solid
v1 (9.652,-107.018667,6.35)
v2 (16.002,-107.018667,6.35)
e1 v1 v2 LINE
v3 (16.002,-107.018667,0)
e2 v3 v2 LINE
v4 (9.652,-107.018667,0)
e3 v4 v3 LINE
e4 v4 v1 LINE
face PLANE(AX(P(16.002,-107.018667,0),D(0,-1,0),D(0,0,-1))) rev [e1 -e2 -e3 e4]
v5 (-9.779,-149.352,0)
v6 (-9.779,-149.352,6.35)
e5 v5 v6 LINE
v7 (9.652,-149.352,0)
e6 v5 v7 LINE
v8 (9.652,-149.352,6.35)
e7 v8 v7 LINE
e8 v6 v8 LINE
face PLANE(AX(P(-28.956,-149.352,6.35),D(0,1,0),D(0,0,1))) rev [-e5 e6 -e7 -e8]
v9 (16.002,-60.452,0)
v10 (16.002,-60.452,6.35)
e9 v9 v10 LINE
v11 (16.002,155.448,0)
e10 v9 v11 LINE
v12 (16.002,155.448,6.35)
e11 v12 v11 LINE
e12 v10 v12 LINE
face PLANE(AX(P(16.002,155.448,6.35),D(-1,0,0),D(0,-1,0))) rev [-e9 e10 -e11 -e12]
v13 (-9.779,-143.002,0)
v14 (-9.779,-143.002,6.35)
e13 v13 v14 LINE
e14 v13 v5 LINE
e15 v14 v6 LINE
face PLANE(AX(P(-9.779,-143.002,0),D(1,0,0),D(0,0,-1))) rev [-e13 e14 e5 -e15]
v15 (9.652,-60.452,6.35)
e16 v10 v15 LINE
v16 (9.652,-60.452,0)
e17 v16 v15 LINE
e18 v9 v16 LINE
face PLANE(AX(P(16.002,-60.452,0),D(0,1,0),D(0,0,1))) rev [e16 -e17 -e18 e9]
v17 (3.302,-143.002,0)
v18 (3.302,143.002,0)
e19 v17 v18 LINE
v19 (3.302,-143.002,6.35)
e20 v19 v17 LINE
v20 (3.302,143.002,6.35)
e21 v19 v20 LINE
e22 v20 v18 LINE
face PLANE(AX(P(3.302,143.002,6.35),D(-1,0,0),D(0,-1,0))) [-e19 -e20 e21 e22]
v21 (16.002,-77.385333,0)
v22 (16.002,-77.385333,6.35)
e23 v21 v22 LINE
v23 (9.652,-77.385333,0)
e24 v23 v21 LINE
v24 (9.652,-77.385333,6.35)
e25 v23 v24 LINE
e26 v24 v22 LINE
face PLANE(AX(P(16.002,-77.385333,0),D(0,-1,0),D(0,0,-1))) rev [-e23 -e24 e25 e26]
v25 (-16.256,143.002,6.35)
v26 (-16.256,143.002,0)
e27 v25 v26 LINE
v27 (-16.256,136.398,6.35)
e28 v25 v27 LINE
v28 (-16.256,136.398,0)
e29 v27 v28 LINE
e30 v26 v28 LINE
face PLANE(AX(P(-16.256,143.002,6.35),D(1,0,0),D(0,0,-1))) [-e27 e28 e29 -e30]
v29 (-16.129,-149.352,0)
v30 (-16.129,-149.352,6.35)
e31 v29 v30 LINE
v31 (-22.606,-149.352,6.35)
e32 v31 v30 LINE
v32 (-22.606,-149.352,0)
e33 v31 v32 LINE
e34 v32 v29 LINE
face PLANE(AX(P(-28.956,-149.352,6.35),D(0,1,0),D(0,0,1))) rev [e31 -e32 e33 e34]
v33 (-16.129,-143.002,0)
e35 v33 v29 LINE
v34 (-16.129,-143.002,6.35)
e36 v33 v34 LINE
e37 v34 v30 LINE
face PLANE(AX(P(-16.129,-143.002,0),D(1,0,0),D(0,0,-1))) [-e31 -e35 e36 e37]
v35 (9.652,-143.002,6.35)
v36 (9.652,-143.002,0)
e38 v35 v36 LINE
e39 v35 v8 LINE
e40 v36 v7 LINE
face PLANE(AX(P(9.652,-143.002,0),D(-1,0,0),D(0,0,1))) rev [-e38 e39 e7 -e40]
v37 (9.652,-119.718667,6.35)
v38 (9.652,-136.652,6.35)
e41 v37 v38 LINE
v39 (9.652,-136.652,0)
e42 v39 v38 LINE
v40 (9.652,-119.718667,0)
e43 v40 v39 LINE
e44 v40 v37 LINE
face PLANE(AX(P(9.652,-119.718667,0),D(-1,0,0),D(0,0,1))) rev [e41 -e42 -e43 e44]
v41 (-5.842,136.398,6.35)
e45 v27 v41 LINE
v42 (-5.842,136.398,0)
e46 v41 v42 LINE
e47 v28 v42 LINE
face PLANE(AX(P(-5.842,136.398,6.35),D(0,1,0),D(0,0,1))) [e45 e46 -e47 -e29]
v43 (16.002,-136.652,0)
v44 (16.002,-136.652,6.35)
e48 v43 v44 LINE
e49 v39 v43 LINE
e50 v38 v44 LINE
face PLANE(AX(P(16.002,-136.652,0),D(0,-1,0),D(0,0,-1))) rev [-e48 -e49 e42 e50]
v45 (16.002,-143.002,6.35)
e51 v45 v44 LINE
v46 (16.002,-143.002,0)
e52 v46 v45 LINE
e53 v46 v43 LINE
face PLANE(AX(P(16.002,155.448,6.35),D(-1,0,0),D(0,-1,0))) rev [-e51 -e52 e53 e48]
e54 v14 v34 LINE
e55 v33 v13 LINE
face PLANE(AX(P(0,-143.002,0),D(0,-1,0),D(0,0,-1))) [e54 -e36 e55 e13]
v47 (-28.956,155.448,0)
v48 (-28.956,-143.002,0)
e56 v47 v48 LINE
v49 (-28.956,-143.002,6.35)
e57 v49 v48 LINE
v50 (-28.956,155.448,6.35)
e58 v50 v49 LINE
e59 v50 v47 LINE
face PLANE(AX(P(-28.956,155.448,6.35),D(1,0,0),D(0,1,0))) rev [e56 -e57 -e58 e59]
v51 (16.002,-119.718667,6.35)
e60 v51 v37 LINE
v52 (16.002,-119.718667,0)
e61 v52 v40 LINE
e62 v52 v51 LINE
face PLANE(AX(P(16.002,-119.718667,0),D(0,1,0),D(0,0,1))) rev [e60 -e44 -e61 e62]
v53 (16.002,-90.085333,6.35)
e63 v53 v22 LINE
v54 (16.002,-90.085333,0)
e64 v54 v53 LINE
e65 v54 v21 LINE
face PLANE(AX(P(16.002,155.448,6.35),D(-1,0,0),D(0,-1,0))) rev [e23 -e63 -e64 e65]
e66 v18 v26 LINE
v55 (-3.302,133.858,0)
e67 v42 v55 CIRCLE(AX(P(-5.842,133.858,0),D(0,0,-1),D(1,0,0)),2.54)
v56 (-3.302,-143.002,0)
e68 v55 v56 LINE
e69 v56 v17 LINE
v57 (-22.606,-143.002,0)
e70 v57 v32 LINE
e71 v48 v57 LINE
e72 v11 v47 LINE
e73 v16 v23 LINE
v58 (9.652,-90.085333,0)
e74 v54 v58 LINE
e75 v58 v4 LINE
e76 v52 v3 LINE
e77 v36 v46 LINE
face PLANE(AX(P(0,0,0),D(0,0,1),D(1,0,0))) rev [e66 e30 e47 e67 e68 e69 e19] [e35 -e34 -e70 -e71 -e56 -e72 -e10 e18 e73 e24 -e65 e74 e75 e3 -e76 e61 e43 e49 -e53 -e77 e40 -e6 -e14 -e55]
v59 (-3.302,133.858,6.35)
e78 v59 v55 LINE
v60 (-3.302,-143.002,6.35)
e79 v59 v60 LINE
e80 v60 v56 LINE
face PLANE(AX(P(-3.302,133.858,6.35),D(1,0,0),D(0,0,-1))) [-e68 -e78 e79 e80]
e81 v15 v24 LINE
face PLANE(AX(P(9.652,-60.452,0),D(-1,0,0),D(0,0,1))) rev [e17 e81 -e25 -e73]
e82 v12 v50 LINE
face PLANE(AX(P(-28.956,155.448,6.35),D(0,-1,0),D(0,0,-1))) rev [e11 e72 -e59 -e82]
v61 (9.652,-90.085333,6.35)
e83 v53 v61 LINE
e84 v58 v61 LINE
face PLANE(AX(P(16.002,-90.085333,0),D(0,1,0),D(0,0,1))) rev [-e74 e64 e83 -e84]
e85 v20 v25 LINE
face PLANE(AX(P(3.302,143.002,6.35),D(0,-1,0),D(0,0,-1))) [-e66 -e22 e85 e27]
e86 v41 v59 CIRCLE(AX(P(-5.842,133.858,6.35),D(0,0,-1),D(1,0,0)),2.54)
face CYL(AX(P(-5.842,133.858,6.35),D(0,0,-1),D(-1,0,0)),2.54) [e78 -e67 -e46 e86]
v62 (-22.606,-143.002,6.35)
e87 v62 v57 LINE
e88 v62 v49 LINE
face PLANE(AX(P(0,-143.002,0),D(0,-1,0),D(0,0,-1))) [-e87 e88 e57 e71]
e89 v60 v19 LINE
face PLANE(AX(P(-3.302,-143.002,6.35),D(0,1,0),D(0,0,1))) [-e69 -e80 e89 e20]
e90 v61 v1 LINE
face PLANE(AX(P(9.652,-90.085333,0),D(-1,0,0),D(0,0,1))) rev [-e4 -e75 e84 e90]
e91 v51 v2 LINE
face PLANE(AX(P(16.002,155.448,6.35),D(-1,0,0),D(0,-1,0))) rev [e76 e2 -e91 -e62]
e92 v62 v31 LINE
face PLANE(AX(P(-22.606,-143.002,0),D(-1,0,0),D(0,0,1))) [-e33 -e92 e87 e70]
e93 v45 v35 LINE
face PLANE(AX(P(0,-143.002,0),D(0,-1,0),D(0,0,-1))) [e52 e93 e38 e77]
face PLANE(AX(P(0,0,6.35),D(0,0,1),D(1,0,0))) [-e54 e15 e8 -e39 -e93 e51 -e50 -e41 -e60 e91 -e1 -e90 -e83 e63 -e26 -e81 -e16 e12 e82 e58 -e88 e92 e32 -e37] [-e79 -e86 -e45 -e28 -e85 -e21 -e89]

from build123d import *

# Parameters (mm, degrees)
SKETCH1_W           = 44.958
SKETCH1_H           = 304.8
BOSS_EXTRUDE1_DEPTH = 6.35
SKETCH2_W           = 6.35
SKETCH2_H           = 101.6
BOSS_EXTRUDE2_DEPTH = 6.35
SKETCH3_W           = 222.25
SKETCH3_H           = 6.35
BOSS_EXTRUDE3_DEPTH = 38.608
SKETCH7_W           = 327.022738736
SKETCH7_H           = 279.435650021
CUT_EXTRUDE1_DEPTH  = 45.958
SKETCH4_W           = 6.35
SKETCH4_H           = 6.35
SKETCH4_H_2         = 12.7
CUT_EXTRUDE2_DEPTH  = 6.35
SKETCH6_W           = 6.35
SKETCH6_H           = 16.933333333
SKETCH6_H_2         = 16.933333334
CUT_EXTRUDE3_DEPTH  = 7.35


with BuildPart() as part:
    # Sketch1 → Boss-Extrude1 (new body)
    with BuildSketch(Plane.XY):
        with Locations((-6.477, 3.048)):
            Rectangle(SKETCH1_W, SKETCH1_H)
        with BuildLine():
            Line((-3.302, 133.858), (-3.302, -143.002))
            Line((-3.302, -143.002), (3.302, -143.002))
            Line((3.302, -143.002), (3.302, 143.002))
            Line((3.302, 143.002), (-16.256, 143.002))
            Line((-16.256, 143.002), (-16.256, 136.398))
            Line((-16.256, 136.398), (-5.842, 136.398))
            ThreePointArc((-5.842, 136.398), (-4.045948776, 135.654051224), (-3.302, 133.858))
        make_face(mode=Mode.SUBTRACT)
    extrude(amount=BOSS_EXTRUDE1_DEPTH)

    # Sketch2 → Boss-Extrude2 (add)
    with BuildSketch(Plane(origin=(16.002, 0, 0), x_dir=(0, 0, -1), z_dir=(1, 0, 0))):
        Polygon((222.25, -60.452), (222.25, -47.752), (0, -47.752), (0, -149.352), (222.25, -149.352), (222.25, -136.652), (228.6, -136.652), (228.6, -119.718666667), (222.25, -119.718666667), (222.25, -107.018666667), (228.6, -107.018666667), (228.6, -90.085333333), (222.25, -90.085333333), (222.25, -77.385333333), (228.6, -77.385333333), (228.6, -60.452), align=None)
        with BuildLine():
            ThreePointArc((11.4, -116.592), (9.9, -118.092), (8.4, -116.592))
            Line((8.4, -116.592), (8.4, -111.512))
            ThreePointArc((8.4, -111.512), (9.9, -110.012), (11.4, -111.512))
            Line((11.4, -111.512), (11.4, -116.592))
        make_face(mode=Mode.SUBTRACT)
        with BuildLine():
            Line((42.4, -111.512), (42.4, -116.592))
            ThreePointArc((42.4, -116.592), (40.9, -118.092), (39.4, -116.592))
            Line((39.4, -116.592), (39.4, -111.512))
            ThreePointArc((39.4, -111.512), (40.9, -110.012), (42.4, -111.512))
        make_face(mode=Mode.SUBTRACT)
        with BuildLine():
            ThreePointArc((36.4, -101.092), (25.4, -112.092), (14.4, -101.092))
            Line((14.4, -101.092), (14.4, -96.012))
            ThreePointArc((14.4, -96.012), (25.4, -85.012), (36.4, -96.012))
            Line((36.4, -96.012), (36.4, -101.092))
        make_face(mode=Mode.SUBTRACT)
        with BuildLine():
            ThreePointArc((11.4, -85.592), (9.9, -87.092), (8.4, -85.592))
            Line((8.4, -85.592), (8.4, -80.512))
            ThreePointArc((8.4, -80.512), (9.9, -79.012), (11.4, -80.512))
            Line((11.4, -80.512), (11.4, -85.592))
        make_face(mode=Mode.SUBTRACT)
        with BuildLine():
            ThreePointArc((42.4, -85.592), (40.9, -87.092), (39.4, -85.592))
            Line((39.4, -85.592), (39.4, -80.512))
            ThreePointArc((39.4, -80.512), (40.9, -79.012), (42.4, -80.512))
            Line((42.4, -80.512), (42.4, -85.592))
        make_face(mode=Mode.SUBTRACT)
        with Locations((-3.175, -98.552)):
            Rectangle(SKETCH2_W, SKETCH2_H)
    extrude(amount=-BOSS_EXTRUDE2_DEPTH)

    # Sketch3 → Boss-Extrude3 (add)
    with BuildSketch(Plane.ZY.offset(-9.652)):
        with Locations((-111.125, -146.177)):
            Rectangle(SKETCH3_W, SKETCH3_H)
    extrude(amount=BOSS_EXTRUDE3_DEPTH)

    # Sketch7 → Cut-Extrude1 (cut, through all)
    with BuildSketch(Plane(origin=(16.002, 0, 0), x_dir=(0, 0, -1), z_dir=(1, 0, 0))):
        with Locations((163.511369368, -148.348068682)):
            Rectangle(SKETCH7_W, SKETCH7_H)
    extrude(amount=-CUT_EXTRUDE1_DEPTH, mode=Mode.SUBTRACT)

    # Sketch4 → Cut-Extrude2 (cut)
    with BuildSketch(Plane.XZ.offset(149.352)):
        with Locations((-12.954, 3.175)):
            Rectangle(SKETCH4_W, SKETCH4_H)
        with Locations((12.827, 3.175)):
            Rectangle(SKETCH4_W, SKETCH4_H)
        with Locations((-25.781, 3.175)):
            Rectangle(SKETCH4_W, SKETCH4_H)
        with Locations((12.827, -134.9375)):
            Rectangle(SKETCH4_W, SKETCH4_H_2)
        with Locations((12.827, -53.975)):
            Rectangle(SKETCH4_W, SKETCH4_H_2)
        with Locations((12.827, -161.925)):
            Rectangle(SKETCH4_W, SKETCH4_H_2)
    extrude(amount=-CUT_EXTRUDE2_DEPTH, mode=Mode.SUBTRACT)

    # Sketch6 → Cut-Extrude3 (cut, through all)
    with BuildSketch(Plane.XY.offset(6.35)):
        with Locations((12.827, -68.918666667)):
            Rectangle(SKETCH6_W, SKETCH6_H)
        with Locations((12.827, -98.552)):
            Rectangle(SKETCH6_W, SKETCH6_H_2)
        with Locations((12.827, -128.185333334)):
            Rectangle(SKETCH6_W, SKETCH6_H)
    extrude(amount=-CUT_EXTRUDE3_DEPTH, mode=Mode.SUBTRACT)


solid = part.part
